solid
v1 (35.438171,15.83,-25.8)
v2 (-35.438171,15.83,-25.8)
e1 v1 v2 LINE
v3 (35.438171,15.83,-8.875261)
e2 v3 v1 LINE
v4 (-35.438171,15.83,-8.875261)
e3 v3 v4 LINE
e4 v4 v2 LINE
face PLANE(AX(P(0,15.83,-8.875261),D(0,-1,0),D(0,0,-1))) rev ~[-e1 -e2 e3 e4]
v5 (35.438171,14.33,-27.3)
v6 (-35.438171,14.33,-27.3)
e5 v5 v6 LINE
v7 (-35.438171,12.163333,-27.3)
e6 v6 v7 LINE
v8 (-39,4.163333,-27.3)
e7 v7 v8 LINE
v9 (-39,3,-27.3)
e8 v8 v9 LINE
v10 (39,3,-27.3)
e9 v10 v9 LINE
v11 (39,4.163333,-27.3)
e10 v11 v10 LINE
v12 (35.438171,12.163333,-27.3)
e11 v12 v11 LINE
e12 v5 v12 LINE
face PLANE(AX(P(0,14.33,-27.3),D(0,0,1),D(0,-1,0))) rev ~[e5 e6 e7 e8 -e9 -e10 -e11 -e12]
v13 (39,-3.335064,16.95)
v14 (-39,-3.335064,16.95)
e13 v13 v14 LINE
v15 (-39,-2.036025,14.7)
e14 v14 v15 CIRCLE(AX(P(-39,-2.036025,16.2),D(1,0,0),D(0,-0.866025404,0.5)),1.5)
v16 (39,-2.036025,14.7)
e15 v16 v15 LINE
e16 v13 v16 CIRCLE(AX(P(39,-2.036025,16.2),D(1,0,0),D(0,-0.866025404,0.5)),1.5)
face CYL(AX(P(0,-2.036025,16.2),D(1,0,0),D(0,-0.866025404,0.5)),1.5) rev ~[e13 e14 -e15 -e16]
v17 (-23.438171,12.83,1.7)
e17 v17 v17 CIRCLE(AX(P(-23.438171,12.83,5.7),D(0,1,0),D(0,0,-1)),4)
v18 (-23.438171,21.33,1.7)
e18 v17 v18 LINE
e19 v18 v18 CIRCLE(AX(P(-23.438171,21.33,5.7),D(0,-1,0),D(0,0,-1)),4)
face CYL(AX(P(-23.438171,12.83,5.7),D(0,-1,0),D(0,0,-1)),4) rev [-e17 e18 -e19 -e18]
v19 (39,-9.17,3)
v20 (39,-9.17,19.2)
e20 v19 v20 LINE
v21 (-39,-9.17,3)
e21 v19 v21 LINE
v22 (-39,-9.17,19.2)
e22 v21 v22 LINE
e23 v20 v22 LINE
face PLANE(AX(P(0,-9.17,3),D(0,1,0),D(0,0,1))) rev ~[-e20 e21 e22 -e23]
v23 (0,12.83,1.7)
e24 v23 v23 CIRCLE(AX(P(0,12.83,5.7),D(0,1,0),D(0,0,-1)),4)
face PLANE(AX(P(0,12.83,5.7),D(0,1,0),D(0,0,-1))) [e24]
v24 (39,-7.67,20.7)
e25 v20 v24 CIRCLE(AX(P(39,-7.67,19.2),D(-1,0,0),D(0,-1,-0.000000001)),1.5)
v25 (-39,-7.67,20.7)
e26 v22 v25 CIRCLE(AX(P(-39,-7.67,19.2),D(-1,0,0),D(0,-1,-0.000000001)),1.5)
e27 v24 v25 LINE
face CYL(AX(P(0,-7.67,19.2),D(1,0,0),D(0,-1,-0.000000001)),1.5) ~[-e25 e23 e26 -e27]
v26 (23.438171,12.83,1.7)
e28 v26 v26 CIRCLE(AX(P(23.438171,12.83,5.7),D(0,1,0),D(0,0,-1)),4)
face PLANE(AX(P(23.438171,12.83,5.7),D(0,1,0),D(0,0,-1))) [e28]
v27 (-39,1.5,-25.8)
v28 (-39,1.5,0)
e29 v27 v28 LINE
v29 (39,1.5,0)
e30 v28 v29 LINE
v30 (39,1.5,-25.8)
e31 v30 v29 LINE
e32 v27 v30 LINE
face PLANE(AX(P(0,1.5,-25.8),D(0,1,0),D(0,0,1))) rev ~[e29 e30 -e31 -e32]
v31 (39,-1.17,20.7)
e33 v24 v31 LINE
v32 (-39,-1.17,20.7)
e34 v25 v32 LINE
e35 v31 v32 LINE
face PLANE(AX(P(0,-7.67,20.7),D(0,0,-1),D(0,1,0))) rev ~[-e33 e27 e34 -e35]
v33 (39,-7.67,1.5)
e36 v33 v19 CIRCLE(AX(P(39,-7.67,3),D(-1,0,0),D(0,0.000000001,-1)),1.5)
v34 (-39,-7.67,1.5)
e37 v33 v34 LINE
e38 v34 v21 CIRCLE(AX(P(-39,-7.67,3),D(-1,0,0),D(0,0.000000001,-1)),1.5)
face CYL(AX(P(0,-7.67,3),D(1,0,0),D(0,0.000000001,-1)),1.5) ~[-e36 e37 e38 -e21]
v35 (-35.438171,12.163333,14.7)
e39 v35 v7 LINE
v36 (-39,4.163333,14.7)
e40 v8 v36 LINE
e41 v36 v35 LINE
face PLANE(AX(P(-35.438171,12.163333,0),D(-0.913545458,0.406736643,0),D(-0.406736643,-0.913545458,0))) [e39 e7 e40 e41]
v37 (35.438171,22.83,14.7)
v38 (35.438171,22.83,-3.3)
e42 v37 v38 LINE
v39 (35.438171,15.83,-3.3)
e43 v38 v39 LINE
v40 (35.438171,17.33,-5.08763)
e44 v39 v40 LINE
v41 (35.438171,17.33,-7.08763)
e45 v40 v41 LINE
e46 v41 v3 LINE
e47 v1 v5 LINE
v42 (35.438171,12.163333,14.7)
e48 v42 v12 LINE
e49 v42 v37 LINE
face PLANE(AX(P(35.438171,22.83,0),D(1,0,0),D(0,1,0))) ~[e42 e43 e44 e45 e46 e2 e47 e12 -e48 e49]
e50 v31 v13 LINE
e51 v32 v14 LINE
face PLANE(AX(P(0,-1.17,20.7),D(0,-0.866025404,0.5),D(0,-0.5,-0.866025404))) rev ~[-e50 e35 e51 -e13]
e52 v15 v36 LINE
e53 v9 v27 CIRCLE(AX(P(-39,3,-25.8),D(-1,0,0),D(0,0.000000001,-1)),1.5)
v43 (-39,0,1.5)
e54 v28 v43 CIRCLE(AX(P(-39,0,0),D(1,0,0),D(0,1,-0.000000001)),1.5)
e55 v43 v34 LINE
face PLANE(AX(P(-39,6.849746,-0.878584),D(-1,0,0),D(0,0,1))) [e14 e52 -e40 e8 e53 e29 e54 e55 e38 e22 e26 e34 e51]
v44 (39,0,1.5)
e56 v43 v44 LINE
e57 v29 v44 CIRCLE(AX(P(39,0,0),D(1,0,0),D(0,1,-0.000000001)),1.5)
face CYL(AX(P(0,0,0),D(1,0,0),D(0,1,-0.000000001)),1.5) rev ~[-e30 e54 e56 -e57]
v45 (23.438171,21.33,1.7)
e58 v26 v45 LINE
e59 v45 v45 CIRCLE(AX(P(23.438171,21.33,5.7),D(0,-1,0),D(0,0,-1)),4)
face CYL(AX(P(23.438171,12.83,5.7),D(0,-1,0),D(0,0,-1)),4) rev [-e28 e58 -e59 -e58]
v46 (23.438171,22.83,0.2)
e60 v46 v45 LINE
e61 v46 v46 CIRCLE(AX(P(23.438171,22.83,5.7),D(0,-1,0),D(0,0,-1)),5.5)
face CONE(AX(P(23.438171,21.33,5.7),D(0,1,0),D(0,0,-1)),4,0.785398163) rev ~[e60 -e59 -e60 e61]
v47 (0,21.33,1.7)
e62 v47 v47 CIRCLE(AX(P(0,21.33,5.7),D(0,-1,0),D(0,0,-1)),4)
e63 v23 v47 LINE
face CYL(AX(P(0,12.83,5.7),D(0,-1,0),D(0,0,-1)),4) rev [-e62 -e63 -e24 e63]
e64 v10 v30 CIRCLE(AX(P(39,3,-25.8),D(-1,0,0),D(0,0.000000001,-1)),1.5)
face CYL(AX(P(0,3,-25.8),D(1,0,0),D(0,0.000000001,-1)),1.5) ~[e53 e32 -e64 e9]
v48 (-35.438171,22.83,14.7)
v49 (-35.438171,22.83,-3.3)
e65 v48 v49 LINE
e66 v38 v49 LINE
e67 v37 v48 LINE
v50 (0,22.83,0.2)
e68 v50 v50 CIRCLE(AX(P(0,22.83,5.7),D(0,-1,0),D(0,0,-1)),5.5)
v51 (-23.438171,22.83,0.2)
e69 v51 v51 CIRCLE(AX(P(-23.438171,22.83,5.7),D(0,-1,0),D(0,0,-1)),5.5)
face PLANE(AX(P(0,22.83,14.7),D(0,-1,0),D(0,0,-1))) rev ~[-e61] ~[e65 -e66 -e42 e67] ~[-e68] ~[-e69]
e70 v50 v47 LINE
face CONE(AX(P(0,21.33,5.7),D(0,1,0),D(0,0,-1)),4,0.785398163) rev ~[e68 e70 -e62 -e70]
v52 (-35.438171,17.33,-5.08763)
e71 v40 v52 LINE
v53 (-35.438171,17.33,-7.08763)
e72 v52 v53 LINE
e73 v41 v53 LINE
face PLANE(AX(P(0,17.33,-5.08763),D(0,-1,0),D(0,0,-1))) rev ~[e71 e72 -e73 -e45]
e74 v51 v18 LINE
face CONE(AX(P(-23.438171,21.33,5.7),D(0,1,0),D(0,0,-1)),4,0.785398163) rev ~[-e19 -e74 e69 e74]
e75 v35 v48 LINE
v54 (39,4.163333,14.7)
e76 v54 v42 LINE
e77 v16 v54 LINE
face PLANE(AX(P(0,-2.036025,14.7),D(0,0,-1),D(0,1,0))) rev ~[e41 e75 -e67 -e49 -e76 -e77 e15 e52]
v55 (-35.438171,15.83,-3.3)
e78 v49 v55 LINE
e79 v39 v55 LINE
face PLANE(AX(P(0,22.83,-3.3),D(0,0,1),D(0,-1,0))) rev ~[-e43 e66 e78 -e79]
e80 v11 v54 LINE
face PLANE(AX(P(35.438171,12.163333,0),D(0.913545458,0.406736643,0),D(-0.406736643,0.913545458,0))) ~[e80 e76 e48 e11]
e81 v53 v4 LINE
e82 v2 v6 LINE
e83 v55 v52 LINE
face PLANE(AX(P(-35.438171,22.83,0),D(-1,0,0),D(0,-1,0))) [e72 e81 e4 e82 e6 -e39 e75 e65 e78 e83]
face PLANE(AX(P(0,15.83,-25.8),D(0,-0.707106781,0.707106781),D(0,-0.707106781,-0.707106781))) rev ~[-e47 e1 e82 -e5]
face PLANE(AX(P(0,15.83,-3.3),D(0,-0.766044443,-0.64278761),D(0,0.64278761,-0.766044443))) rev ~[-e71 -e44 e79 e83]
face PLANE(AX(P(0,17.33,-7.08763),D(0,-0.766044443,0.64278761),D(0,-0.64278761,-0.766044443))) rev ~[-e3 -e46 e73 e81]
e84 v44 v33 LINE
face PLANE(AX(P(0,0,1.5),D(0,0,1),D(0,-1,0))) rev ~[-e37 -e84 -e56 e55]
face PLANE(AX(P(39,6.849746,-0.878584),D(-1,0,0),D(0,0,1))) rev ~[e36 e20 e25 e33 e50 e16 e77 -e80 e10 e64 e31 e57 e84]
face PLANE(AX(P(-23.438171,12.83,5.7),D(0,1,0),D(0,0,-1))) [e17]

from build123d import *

# Parameters (mm, degrees)
BOSS_EXTRUDE1_DEPTH     = 39
CUT_EXTRUDE1_DEPTH      = 53.796769788
CUT_EXTRUDE2_DEPTH      = 58.361049502
CUT_EXTRUDE2_DEPTH_BACK = 10
SKETCH3_R               = 4
CHAMFER1_SIZE           = 1.5


with BuildPart() as part:
    # Sketch1 → Boss-Extrude1 (new, symmetric)
    with BuildSketch(Plane(origin=(0, 0, 0), x_dir=(0, 0, -1), z_dir=(1, 0, 0))):
        with BuildLine():
            Line((-1.5, 0), (-1.5, -7.67))
            ThreePointArc((-1.5, -7.67), (-1.939339828, -8.730660172), (-3, -9.17))
            Line((-3, -9.17), (-19.2, -9.17))
            ThreePointArc((-19.2, -9.17), (-20.260660172, -8.730660172), (-20.7, -7.67))
            Line((-20.7, -7.67), (-20.7, -1.17))
            Line((-20.7, -1.17), (-16.95, -3.335063509))
            ThreePointArc((-16.95, -3.335063509), (-15.45, -3.335063509), (-14.7, -2.036025404))
            Line((-14.7, -2.036025404), (-14.7, 22.83))
            Line((-14.7, 22.83), (3.3, 22.83))
            Line((3.3, 22.83), (3.3, 15.83))
            Line((3.3, 15.83), (5.087630389, 17.33))
            Line((5.087630389, 17.33), (7.087630389, 17.33))
            Line((7.087630389, 17.33), (8.875260778, 15.83))
            Line((8.875260778, 15.83), (25.8, 15.83))
            Line((25.8, 15.83), (27.3, 14.33))
            Line((27.3, 14.33), (27.3, 3))
            ThreePointArc((27.3, 3), (26.860660172, 1.939339828), (25.8, 1.5))
            Line((25.8, 1.5), (0, 1.5))
            ThreePointArc((0, 1.5), (-1.060660172, 1.060660172), (-1.5, 0))
        make_face()
    extrude(amount=BOSS_EXTRUDE1_DEPTH, both=True)

    # Sketch2 → Cut-Extrude1 (cut, symmetric)
    with BuildSketch(Plane.XY):
        Polygon((-39, 22.83), (-35.438170518, 22.83), (-35.438170518, 12.163333333), (-39, 4.163333333), align=None)
    cut_extrude1 = extrude(amount=CUT_EXTRUDE1_DEPTH, both=True, mode=Mode.SUBTRACT)

    # Mirror2: Cut-Extrude1 across plane
    add(cut_extrude1.mirror(Plane(origin=(0, 0, 0), x_dir=(0, 0, 1), z_dir=(1, 0, 0))), mode=Mode.SUBTRACT)

    # Sketch3 → Cut-Extrude2 (cut, two sides: drawn at the far end of the back side and taken through both)
    with BuildSketch(Plane(origin=(0, 22.83, 0), x_dir=(1, 0, 0), z_dir=(0, 1, 0)).offset(-CUT_EXTRUDE2_DEPTH_BACK)):
        with Locations(Location((23.438170518, -5.7, 0), (0, 0, 90))):
            Circle(SKETCH3_R)
        with Locations(Location((0, -5.7, 0), (0, 0, 90))):
            Circle(SKETCH3_R)
        with Locations(Location((-23.438170518, -5.7, 0), (0, 0, 90))):
            Circle(SKETCH3_R)
    extrude(amount=CUT_EXTRUDE2_DEPTH + CUT_EXTRUDE2_DEPTH_BACK, mode=Mode.SUBTRACT)

    # Chamfer1
    chamfer1_edges = [part.edges().sort_by_distance(p)[0] for p in [
        (23.438170518, 22.83, 9.7),
        (0, 22.83, 9.7),
        (-23.438170518, 22.83, 9.7),
    ]]
    chamfer(chamfer1_edges, length=CHAMFER1_SIZE)


solid = part.part
